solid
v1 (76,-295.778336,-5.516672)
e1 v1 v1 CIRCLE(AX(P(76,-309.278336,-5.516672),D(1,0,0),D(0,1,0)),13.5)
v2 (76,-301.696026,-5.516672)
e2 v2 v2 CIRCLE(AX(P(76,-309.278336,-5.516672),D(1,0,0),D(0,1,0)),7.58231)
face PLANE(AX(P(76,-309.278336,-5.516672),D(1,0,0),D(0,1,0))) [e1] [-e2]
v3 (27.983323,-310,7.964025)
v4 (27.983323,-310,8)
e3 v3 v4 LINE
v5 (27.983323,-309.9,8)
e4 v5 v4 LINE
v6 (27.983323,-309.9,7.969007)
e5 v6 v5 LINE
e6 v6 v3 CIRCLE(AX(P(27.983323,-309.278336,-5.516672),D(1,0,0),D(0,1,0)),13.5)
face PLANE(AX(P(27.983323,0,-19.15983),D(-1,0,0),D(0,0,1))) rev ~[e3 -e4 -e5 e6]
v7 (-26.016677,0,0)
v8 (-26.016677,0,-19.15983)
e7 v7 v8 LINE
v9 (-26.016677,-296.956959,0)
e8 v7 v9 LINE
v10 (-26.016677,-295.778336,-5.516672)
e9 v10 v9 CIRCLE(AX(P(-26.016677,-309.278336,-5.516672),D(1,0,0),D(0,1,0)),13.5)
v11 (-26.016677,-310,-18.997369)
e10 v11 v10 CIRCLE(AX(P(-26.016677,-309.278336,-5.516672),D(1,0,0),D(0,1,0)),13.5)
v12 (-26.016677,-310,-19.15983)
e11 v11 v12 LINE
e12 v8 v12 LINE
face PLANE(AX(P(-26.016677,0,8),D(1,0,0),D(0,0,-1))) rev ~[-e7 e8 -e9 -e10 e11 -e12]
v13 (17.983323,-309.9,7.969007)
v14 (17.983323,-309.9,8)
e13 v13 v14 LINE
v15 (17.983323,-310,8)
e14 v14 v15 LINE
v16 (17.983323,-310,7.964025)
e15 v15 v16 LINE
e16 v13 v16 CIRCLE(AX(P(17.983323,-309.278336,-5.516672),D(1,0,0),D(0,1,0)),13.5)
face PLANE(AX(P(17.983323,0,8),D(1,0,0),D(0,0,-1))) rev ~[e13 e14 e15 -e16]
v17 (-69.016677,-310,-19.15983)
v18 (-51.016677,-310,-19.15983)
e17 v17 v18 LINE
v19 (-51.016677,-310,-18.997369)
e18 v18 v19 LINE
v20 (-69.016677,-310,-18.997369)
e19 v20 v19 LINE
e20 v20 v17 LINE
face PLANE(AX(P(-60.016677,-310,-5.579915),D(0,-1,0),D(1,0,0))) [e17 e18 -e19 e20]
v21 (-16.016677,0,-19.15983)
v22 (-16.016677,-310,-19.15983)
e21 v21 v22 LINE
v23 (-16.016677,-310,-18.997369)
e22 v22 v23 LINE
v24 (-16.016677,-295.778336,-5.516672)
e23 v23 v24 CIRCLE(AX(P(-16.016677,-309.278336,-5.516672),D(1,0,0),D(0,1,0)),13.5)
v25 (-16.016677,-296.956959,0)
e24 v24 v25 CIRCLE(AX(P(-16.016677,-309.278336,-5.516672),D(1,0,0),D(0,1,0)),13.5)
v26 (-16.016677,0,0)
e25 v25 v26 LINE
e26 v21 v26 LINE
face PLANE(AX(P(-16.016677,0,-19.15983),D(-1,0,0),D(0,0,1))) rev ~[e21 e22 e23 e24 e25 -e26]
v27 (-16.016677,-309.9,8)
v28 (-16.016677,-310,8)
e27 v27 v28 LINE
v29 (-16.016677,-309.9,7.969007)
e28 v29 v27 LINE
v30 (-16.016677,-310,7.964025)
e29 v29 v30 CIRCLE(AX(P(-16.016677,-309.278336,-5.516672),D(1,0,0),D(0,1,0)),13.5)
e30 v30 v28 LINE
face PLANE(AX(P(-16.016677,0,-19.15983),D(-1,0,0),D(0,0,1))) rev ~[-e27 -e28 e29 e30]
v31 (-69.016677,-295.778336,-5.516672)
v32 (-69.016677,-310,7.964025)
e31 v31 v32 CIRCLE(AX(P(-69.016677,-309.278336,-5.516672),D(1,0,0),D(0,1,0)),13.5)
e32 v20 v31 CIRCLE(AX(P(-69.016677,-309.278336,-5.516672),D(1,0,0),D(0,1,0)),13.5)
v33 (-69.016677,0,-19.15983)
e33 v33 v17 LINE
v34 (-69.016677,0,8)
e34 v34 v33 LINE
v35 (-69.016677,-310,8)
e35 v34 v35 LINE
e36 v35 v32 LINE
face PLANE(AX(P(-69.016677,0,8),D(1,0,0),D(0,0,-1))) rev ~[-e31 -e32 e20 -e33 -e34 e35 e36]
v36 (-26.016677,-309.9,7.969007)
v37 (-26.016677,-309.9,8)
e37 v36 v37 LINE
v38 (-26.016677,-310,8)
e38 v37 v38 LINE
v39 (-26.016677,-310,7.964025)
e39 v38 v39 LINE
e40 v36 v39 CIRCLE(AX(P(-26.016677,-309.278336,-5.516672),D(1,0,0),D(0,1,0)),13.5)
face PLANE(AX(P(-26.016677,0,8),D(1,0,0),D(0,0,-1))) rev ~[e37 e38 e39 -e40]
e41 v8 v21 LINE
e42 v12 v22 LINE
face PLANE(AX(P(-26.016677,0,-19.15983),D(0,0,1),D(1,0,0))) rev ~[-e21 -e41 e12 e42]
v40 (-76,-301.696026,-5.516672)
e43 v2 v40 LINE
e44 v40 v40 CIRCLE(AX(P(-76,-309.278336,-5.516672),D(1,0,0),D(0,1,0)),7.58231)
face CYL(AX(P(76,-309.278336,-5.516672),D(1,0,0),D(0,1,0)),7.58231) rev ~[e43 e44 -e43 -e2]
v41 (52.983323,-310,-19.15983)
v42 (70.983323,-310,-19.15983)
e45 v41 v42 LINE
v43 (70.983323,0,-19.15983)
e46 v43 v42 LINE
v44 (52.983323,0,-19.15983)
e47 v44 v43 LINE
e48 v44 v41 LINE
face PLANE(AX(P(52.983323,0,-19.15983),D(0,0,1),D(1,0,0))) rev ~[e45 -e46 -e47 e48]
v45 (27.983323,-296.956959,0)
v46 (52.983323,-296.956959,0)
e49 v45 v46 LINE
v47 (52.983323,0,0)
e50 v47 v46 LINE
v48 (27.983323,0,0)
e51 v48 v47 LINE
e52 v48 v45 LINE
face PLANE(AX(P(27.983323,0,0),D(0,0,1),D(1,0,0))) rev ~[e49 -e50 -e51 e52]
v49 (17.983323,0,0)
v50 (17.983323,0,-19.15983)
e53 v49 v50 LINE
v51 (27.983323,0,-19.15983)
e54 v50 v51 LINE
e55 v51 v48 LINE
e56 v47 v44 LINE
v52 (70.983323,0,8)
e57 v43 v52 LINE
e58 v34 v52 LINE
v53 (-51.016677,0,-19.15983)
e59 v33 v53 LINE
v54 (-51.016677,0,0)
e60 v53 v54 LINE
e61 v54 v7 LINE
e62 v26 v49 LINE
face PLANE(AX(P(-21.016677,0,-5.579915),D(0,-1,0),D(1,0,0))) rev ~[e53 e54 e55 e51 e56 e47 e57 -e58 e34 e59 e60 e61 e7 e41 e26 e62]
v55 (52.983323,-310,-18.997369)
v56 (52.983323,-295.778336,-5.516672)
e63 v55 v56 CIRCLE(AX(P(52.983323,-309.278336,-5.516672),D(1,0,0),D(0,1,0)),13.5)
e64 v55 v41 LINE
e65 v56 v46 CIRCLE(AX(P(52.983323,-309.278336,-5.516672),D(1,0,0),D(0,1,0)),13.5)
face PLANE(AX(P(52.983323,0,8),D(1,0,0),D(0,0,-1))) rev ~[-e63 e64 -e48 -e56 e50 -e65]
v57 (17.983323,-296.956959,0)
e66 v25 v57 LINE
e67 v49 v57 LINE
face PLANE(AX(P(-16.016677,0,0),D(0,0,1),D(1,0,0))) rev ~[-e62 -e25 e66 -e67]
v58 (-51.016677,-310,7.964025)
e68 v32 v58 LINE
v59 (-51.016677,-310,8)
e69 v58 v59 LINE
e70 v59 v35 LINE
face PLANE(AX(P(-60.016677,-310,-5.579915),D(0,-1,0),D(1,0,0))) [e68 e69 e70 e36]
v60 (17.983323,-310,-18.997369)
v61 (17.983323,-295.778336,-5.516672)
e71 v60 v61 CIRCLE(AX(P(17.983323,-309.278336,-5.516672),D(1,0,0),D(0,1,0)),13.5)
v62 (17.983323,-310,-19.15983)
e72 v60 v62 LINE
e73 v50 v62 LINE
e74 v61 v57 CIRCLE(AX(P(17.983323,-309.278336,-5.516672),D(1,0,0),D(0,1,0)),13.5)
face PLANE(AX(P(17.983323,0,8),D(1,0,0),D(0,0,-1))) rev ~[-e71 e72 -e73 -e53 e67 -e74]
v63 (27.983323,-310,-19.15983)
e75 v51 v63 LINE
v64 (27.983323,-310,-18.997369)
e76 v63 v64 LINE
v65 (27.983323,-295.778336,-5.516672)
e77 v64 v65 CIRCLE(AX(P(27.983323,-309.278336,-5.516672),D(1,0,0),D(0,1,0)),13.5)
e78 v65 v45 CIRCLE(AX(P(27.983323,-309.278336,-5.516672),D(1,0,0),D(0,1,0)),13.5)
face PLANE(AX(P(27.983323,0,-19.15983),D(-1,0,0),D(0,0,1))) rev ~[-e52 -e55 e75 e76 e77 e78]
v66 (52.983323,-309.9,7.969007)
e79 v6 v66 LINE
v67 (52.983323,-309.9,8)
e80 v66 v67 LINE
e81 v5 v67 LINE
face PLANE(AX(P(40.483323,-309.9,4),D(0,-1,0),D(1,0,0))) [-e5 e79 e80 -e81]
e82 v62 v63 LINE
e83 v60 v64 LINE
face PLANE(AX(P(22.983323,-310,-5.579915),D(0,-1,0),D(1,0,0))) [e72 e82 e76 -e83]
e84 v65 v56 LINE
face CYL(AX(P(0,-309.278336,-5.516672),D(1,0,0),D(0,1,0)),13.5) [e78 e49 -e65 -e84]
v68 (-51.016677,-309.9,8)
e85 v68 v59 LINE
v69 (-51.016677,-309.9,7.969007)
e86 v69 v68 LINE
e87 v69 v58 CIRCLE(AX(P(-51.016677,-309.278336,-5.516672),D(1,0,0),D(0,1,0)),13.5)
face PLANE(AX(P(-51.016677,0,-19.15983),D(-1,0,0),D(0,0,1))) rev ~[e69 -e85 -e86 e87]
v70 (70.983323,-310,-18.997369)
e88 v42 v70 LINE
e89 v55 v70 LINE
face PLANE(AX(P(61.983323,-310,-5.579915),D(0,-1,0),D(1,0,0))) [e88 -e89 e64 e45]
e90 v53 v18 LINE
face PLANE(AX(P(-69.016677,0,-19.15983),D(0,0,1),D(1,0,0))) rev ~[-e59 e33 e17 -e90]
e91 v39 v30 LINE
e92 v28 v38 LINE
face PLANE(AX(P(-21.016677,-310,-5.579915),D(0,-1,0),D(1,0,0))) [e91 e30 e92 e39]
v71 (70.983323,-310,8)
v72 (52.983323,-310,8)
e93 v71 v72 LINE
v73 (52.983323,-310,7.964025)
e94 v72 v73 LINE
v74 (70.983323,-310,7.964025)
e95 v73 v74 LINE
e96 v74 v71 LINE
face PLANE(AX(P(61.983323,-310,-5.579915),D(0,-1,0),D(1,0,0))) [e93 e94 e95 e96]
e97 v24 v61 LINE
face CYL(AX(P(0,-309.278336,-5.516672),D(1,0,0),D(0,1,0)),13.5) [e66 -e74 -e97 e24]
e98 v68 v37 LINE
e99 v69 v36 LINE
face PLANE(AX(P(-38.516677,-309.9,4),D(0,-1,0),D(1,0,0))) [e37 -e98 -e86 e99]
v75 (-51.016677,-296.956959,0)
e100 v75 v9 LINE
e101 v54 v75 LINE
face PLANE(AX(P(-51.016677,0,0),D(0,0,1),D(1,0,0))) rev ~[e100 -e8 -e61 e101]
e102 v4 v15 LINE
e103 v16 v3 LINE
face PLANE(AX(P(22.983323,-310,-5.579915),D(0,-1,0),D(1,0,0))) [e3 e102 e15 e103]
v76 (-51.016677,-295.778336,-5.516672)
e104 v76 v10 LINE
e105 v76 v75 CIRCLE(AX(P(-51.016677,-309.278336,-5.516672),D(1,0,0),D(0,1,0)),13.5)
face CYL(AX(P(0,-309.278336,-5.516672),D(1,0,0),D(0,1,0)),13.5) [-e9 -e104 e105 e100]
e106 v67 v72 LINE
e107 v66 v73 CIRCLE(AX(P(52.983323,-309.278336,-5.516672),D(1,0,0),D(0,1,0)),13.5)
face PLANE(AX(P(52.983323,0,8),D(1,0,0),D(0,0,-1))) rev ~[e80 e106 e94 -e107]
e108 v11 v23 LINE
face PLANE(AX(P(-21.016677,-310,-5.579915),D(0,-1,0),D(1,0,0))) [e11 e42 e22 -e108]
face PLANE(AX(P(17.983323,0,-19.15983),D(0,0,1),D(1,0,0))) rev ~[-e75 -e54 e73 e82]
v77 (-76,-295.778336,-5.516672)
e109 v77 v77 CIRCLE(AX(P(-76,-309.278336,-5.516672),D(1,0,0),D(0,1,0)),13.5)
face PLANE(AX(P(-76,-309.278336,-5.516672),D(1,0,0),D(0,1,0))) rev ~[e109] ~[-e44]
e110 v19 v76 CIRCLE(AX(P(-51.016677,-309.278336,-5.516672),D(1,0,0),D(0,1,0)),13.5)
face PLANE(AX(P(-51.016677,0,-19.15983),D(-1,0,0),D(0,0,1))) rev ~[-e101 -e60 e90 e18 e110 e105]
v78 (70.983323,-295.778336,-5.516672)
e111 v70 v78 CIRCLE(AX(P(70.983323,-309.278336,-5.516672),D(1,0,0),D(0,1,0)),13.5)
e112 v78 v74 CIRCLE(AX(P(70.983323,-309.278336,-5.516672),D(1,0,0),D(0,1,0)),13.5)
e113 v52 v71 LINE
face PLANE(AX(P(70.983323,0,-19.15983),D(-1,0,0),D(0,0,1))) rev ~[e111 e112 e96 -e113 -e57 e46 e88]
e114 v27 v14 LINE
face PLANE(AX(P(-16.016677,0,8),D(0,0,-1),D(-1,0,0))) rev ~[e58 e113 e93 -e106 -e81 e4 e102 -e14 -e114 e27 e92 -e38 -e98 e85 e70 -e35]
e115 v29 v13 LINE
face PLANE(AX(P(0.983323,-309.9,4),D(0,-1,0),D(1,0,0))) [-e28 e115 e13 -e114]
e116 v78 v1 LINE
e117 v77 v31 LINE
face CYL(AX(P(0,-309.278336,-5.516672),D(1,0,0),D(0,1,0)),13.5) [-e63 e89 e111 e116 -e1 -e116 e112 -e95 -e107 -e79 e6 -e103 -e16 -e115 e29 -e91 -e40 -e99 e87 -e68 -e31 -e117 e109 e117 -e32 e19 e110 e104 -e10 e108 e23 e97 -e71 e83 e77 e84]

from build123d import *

# Parameters (mm, degrees)
F1_DEPTH = 310
F0_W     = 34
F0_H     = 8
F2_DEPTH = 250
F3_DEPTH = 310
F0_W_2   = 25
F4_DEPTH = 309.9
F5_R     = 13.5
F6_DEPTH = 76
F7_R     = 7.58231
F8_DEPTH = 325


with BuildPart() as f1:
    # F0 (on Front) → F1 (new body)
    with BuildSketch(Plane.XZ):
        Polygon((70.983323, 8), (52.983323, 8), (52.983323, 0), (52.983323, -19.15983), (70.983323, -19.15983), (70.983323, 3.84017), align=None)
        Polygon((-69.016677, -19.15983), (-51.016677, -19.15983), (-51.016677, 0), (-51.016677, 8), (-69.016677, 8), (-69.016677, 3.84017), align=None)
    extrude(amount=F1_DEPTH)



with BuildPart() as f2:
    # F0 (on Front) → F2 (new body)
    with BuildSketch(Plane.XZ):
        with Locations((0.983323, 4)):
            Rectangle(F0_W, F0_H)
    extrude(amount=F2_DEPTH)

    # F0 (on Front) → F3 (join)
    with BuildSketch(Plane.XZ):
        Polygon((-26.016677, 8), (-26.016677, 0), (-26.016677, -19.15983), (-16.016677, -19.15983), (-16.016677, 0), (-16.016677, 8), align=None)
        Polygon((27.983323, 8), (17.983323, 8), (17.983323, 0), (17.983323, -19.15983), (27.983323, -19.15983), (27.983323, 0), align=None)
    extrude(amount=F3_DEPTH)


with BuildPart() as f4:
    # F0 (on Front) → F4 (new body)
    with BuildSketch(Plane.XZ):
        with Locations((-38.516677, 4)):
            Rectangle(F0_W_2, F0_H)
        with Locations((40.483323, 4)):
            Rectangle(F0_W_2, F0_H)
        with Locations((0.983323, 4)):
            Rectangle(F0_W, F0_H)
    extrude(amount=F4_DEPTH)


with BuildPart() as f1_1:
    add(f1.part)

    add(f2.part)  # F6 merges F2

    add(f4.part)  # F6 merges F4
    # F5 (on Right) → F6 (join, symmetric)
    with BuildSketch(Plane.YZ):
        with Locations((-309.278336, -5.516672)):
            Circle(F5_R)
    extrude(amount=F6_DEPTH, both=True)

    # F7 (on face) → F8 (cut)
    with BuildSketch(Plane.YZ.offset(76)):
        with Locations((-309.278336, -5.516672)):
            Circle(F7_R)
    extrude(amount=-F8_DEPTH, mode=Mode.SUBTRACT)


solid = f1_1.part
